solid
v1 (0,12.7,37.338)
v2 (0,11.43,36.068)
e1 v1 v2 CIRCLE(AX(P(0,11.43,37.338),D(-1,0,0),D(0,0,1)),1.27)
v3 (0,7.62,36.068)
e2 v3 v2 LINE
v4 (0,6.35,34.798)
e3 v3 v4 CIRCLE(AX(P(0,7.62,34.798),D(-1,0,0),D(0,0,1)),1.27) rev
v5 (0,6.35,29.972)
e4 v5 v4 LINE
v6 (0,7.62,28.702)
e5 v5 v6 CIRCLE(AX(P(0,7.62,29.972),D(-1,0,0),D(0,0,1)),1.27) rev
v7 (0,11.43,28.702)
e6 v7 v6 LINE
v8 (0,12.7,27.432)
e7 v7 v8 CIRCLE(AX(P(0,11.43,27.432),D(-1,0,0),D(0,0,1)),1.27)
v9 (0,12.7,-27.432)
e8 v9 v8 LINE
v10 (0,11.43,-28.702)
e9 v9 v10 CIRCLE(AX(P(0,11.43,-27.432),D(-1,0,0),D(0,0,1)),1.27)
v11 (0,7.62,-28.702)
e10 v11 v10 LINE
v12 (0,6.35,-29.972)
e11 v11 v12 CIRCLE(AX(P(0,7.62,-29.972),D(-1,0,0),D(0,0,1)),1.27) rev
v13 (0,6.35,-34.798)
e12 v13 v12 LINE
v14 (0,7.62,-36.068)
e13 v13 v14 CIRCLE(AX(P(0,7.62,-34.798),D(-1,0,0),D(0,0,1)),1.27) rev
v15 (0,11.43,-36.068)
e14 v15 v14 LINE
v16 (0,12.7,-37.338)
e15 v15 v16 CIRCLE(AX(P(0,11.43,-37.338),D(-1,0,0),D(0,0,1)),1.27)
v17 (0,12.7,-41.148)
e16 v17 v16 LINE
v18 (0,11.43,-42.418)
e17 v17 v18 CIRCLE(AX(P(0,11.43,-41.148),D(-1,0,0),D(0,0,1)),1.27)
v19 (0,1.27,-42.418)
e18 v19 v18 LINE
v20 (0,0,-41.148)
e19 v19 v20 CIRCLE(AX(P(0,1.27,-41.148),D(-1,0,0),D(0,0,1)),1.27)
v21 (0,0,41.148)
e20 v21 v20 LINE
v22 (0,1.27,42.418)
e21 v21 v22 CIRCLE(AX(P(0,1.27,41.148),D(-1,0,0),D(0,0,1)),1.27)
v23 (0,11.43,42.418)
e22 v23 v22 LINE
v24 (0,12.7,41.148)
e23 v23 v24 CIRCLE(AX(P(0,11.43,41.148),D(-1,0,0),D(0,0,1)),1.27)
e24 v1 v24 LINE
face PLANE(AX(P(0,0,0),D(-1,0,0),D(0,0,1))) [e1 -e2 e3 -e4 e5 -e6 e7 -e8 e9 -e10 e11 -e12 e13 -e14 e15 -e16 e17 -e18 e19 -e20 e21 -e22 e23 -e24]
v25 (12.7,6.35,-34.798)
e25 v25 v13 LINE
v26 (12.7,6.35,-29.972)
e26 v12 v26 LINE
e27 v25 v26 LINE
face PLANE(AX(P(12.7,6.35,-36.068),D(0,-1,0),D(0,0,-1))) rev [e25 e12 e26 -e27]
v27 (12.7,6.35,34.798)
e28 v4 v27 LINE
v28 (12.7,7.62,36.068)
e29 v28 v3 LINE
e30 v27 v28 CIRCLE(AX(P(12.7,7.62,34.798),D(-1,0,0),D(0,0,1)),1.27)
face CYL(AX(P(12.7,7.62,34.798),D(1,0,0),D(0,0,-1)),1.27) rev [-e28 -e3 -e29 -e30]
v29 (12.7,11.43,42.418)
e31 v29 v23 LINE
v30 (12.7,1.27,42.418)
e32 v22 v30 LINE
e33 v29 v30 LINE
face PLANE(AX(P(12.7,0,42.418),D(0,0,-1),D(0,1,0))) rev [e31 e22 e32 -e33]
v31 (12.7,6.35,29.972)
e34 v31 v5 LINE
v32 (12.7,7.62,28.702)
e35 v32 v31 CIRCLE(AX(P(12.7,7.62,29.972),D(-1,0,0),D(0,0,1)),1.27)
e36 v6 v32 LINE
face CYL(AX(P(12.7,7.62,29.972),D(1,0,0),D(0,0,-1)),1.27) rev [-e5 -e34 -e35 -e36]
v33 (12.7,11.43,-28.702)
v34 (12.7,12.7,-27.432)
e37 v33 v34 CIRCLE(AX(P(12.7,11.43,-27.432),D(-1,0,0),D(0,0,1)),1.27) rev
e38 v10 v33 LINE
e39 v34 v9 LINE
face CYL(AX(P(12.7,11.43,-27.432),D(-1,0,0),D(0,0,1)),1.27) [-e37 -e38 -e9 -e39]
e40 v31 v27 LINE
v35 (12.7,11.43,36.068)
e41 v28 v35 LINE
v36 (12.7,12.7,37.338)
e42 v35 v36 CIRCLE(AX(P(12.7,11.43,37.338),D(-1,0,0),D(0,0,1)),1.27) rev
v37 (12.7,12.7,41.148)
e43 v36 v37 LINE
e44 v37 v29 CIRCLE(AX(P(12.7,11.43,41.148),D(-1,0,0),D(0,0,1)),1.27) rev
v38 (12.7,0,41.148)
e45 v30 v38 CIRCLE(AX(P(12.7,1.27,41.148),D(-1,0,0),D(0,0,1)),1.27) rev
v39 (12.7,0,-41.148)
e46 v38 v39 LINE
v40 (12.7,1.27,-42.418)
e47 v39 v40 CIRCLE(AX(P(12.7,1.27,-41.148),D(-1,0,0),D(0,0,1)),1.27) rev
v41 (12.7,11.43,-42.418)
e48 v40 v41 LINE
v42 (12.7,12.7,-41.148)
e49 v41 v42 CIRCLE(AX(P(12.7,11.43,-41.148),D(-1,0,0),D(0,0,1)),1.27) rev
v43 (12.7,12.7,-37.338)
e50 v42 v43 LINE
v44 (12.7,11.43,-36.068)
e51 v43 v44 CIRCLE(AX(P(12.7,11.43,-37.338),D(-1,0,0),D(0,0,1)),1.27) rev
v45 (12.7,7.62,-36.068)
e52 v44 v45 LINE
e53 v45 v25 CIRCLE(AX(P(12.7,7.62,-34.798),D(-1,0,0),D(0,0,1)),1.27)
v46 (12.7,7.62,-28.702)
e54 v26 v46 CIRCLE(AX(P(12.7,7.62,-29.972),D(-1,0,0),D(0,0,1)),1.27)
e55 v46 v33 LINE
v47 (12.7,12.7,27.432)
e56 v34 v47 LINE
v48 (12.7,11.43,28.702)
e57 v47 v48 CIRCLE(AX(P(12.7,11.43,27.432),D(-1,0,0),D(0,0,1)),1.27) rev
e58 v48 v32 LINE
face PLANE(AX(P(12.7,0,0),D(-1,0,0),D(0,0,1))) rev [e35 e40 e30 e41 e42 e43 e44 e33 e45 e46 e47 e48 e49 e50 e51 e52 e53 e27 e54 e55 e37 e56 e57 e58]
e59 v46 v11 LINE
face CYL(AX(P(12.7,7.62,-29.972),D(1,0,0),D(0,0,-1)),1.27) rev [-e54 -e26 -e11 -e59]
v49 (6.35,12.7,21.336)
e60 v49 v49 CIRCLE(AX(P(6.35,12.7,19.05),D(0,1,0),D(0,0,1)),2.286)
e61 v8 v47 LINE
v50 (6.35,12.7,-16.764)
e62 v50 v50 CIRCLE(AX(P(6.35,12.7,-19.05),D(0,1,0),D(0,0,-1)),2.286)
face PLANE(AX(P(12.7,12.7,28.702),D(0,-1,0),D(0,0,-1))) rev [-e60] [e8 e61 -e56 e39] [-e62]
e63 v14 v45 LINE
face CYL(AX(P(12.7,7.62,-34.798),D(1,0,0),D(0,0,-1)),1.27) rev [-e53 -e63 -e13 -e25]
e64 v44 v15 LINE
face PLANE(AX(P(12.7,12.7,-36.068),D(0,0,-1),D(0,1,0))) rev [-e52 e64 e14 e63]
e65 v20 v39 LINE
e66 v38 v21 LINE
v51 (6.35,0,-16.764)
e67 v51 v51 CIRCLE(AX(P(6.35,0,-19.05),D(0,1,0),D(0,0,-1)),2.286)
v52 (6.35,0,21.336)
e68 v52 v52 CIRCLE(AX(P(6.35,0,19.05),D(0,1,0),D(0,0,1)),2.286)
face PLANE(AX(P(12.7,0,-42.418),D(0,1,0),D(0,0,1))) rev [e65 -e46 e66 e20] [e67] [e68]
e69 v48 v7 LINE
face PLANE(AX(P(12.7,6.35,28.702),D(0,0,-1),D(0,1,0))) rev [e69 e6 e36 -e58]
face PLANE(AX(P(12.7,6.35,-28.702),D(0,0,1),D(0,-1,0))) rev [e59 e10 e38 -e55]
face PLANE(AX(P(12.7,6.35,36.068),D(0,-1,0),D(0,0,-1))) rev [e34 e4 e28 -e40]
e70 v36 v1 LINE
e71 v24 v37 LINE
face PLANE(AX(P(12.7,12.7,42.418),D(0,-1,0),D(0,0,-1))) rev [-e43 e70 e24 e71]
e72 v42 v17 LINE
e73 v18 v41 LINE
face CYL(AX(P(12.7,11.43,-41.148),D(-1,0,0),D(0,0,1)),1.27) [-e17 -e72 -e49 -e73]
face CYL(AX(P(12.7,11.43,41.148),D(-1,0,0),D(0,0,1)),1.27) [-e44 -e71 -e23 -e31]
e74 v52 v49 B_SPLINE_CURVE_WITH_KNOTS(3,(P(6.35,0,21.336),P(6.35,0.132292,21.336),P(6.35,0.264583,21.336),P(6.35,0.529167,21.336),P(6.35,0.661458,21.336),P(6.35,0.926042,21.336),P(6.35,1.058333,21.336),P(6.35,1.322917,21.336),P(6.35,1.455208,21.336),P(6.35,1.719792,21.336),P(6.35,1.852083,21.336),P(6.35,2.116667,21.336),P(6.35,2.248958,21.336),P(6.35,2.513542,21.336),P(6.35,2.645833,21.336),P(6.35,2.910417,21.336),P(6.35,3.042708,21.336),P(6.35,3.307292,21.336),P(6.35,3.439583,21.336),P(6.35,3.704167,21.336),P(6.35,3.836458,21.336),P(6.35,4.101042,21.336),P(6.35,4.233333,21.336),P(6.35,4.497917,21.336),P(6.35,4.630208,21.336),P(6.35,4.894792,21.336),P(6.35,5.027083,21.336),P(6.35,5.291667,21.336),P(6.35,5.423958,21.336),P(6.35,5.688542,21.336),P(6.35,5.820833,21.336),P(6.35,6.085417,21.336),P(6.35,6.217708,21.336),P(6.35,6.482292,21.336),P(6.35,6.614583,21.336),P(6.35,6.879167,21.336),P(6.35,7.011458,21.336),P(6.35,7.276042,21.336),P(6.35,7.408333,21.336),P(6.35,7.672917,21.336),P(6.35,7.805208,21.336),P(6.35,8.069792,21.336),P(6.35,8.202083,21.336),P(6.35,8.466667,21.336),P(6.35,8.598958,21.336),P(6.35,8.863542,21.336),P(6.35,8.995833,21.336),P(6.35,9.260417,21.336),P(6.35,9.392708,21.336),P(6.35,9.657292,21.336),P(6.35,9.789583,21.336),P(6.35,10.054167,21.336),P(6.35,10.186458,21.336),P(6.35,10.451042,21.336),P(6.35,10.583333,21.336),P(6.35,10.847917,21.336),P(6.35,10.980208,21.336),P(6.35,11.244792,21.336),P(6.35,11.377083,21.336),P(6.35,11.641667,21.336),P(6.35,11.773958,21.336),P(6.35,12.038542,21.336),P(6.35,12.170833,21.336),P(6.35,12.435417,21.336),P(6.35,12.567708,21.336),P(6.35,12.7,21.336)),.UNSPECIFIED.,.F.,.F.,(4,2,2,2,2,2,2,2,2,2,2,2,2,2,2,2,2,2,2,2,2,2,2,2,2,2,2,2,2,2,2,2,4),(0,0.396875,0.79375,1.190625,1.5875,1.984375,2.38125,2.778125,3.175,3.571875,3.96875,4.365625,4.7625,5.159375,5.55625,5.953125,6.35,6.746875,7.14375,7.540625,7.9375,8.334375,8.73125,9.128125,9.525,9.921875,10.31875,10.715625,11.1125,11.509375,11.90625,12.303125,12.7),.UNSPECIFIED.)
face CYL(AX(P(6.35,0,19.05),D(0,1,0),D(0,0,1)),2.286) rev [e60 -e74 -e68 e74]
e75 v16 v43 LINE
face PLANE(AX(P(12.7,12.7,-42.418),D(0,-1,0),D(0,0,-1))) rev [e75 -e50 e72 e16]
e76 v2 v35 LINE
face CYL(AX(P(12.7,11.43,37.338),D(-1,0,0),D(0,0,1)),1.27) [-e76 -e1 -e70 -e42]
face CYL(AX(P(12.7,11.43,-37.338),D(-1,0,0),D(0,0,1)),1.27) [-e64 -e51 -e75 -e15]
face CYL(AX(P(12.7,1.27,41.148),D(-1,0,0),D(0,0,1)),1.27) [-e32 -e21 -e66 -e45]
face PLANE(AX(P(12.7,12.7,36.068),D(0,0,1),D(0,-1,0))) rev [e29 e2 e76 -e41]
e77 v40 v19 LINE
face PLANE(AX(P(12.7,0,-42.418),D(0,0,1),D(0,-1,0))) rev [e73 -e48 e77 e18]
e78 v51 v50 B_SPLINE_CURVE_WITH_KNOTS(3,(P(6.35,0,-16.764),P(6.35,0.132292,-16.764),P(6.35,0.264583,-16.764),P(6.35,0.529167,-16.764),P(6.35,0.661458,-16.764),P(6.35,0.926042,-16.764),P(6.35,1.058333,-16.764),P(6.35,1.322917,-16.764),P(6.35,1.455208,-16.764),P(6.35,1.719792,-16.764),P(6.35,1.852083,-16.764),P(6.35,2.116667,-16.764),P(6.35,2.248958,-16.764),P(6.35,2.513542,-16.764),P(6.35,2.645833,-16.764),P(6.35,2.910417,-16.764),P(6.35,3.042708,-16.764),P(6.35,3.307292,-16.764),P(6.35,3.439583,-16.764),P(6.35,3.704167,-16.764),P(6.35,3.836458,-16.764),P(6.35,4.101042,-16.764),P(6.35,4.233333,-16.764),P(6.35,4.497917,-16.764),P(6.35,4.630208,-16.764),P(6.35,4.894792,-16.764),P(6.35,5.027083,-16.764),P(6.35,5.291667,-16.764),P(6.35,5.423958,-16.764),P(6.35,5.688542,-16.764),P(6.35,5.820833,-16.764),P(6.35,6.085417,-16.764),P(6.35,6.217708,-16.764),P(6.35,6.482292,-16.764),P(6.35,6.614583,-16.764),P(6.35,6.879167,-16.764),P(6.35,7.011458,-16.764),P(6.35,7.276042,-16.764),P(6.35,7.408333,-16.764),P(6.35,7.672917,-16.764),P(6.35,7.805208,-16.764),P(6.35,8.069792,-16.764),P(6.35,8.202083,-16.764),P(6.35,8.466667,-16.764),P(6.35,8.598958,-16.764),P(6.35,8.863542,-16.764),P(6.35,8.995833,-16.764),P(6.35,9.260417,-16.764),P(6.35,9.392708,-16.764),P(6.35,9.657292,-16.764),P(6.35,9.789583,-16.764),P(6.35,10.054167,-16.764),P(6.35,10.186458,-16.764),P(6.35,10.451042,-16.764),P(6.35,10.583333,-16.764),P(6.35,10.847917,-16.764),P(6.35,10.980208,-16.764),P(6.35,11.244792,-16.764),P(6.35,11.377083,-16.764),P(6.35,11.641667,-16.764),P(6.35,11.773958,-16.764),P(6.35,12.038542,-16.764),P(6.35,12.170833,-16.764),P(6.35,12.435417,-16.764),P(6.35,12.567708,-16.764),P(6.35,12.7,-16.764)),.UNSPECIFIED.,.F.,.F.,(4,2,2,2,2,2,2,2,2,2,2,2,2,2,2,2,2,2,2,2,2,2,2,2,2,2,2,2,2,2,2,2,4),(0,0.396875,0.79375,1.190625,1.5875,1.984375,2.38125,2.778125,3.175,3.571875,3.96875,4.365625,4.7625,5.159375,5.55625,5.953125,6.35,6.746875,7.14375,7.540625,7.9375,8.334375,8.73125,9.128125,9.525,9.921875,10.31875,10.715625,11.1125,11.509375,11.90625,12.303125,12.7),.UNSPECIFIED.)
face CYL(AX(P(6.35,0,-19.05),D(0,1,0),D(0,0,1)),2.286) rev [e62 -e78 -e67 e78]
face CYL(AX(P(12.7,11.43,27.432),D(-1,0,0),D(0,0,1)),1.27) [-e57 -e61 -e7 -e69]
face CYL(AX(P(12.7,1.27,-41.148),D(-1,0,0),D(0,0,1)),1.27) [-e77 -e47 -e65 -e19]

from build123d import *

# Parameters (mm, degrees)
BOSS_EXTRUDE1_DEPTH = 12.7
SKETCH2_R           = 2.286
CUT_EXTRUDE1_DEPTH  = 12.7
FILLET1_R           = 1.27


with BuildPart() as part:
    # Sketch1 → Boss-Extrude1 (new body)
    with BuildSketch(Plane(origin=(0, 0, 0), x_dir=(0, 0, -1), z_dir=(1, 0, 0))):
        Polygon((42.418, 0), (-42.418, 0), (-42.418, 12.7), (-36.068, 12.7), (-36.068, 6.35), (-28.702, 6.35), (-28.702, 12.7), (28.702, 12.7), (28.702, 6.35), (36.068, 6.35), (36.068, 12.7), (42.418, 12.7), align=None)
    extrude(amount=BOSS_EXTRUDE1_DEPTH)

    # Sketch2 → Cut-Extrude1 (cut)
    with BuildSketch(Plane(origin=(0, 12.7, 0), x_dir=(1, 0, 0), z_dir=(0, 1, 0))):
        with Locations(Location((6.35, -19.05, 0), (0, 0, 270))):
            Circle(SKETCH2_R)
        with Locations(Location((6.35, 19.05, 0), (0, 0, 270))):
            Circle(SKETCH2_R)
    extrude(amount=-CUT_EXTRUDE1_DEPTH, mode=Mode.SUBTRACT)

    # Fillet1
    fillet1_edges = [part.edges().sort_by_distance(p)[0] for p in [
        (6.35, 12.7, 42.418),
        (6.35, 12.7, 36.068),
        (6.35, 6.35, 36.068),
        (6.35, 6.35, 28.702),
        (6.35, 12.7, 28.702),
        (6.35, 12.7, -28.702),
        (6.35, 6.35, -28.702),
        (6.35, 6.35, -36.068),
        (6.35, 12.7, -36.068),
        (6.35, 12.7, -42.418),
        (6.35, 0, -42.418),
        (6.35, 0, 42.418),
    ]]
    fillet(fillet1_edges, radius=FILLET1_R)


solid = part.part
